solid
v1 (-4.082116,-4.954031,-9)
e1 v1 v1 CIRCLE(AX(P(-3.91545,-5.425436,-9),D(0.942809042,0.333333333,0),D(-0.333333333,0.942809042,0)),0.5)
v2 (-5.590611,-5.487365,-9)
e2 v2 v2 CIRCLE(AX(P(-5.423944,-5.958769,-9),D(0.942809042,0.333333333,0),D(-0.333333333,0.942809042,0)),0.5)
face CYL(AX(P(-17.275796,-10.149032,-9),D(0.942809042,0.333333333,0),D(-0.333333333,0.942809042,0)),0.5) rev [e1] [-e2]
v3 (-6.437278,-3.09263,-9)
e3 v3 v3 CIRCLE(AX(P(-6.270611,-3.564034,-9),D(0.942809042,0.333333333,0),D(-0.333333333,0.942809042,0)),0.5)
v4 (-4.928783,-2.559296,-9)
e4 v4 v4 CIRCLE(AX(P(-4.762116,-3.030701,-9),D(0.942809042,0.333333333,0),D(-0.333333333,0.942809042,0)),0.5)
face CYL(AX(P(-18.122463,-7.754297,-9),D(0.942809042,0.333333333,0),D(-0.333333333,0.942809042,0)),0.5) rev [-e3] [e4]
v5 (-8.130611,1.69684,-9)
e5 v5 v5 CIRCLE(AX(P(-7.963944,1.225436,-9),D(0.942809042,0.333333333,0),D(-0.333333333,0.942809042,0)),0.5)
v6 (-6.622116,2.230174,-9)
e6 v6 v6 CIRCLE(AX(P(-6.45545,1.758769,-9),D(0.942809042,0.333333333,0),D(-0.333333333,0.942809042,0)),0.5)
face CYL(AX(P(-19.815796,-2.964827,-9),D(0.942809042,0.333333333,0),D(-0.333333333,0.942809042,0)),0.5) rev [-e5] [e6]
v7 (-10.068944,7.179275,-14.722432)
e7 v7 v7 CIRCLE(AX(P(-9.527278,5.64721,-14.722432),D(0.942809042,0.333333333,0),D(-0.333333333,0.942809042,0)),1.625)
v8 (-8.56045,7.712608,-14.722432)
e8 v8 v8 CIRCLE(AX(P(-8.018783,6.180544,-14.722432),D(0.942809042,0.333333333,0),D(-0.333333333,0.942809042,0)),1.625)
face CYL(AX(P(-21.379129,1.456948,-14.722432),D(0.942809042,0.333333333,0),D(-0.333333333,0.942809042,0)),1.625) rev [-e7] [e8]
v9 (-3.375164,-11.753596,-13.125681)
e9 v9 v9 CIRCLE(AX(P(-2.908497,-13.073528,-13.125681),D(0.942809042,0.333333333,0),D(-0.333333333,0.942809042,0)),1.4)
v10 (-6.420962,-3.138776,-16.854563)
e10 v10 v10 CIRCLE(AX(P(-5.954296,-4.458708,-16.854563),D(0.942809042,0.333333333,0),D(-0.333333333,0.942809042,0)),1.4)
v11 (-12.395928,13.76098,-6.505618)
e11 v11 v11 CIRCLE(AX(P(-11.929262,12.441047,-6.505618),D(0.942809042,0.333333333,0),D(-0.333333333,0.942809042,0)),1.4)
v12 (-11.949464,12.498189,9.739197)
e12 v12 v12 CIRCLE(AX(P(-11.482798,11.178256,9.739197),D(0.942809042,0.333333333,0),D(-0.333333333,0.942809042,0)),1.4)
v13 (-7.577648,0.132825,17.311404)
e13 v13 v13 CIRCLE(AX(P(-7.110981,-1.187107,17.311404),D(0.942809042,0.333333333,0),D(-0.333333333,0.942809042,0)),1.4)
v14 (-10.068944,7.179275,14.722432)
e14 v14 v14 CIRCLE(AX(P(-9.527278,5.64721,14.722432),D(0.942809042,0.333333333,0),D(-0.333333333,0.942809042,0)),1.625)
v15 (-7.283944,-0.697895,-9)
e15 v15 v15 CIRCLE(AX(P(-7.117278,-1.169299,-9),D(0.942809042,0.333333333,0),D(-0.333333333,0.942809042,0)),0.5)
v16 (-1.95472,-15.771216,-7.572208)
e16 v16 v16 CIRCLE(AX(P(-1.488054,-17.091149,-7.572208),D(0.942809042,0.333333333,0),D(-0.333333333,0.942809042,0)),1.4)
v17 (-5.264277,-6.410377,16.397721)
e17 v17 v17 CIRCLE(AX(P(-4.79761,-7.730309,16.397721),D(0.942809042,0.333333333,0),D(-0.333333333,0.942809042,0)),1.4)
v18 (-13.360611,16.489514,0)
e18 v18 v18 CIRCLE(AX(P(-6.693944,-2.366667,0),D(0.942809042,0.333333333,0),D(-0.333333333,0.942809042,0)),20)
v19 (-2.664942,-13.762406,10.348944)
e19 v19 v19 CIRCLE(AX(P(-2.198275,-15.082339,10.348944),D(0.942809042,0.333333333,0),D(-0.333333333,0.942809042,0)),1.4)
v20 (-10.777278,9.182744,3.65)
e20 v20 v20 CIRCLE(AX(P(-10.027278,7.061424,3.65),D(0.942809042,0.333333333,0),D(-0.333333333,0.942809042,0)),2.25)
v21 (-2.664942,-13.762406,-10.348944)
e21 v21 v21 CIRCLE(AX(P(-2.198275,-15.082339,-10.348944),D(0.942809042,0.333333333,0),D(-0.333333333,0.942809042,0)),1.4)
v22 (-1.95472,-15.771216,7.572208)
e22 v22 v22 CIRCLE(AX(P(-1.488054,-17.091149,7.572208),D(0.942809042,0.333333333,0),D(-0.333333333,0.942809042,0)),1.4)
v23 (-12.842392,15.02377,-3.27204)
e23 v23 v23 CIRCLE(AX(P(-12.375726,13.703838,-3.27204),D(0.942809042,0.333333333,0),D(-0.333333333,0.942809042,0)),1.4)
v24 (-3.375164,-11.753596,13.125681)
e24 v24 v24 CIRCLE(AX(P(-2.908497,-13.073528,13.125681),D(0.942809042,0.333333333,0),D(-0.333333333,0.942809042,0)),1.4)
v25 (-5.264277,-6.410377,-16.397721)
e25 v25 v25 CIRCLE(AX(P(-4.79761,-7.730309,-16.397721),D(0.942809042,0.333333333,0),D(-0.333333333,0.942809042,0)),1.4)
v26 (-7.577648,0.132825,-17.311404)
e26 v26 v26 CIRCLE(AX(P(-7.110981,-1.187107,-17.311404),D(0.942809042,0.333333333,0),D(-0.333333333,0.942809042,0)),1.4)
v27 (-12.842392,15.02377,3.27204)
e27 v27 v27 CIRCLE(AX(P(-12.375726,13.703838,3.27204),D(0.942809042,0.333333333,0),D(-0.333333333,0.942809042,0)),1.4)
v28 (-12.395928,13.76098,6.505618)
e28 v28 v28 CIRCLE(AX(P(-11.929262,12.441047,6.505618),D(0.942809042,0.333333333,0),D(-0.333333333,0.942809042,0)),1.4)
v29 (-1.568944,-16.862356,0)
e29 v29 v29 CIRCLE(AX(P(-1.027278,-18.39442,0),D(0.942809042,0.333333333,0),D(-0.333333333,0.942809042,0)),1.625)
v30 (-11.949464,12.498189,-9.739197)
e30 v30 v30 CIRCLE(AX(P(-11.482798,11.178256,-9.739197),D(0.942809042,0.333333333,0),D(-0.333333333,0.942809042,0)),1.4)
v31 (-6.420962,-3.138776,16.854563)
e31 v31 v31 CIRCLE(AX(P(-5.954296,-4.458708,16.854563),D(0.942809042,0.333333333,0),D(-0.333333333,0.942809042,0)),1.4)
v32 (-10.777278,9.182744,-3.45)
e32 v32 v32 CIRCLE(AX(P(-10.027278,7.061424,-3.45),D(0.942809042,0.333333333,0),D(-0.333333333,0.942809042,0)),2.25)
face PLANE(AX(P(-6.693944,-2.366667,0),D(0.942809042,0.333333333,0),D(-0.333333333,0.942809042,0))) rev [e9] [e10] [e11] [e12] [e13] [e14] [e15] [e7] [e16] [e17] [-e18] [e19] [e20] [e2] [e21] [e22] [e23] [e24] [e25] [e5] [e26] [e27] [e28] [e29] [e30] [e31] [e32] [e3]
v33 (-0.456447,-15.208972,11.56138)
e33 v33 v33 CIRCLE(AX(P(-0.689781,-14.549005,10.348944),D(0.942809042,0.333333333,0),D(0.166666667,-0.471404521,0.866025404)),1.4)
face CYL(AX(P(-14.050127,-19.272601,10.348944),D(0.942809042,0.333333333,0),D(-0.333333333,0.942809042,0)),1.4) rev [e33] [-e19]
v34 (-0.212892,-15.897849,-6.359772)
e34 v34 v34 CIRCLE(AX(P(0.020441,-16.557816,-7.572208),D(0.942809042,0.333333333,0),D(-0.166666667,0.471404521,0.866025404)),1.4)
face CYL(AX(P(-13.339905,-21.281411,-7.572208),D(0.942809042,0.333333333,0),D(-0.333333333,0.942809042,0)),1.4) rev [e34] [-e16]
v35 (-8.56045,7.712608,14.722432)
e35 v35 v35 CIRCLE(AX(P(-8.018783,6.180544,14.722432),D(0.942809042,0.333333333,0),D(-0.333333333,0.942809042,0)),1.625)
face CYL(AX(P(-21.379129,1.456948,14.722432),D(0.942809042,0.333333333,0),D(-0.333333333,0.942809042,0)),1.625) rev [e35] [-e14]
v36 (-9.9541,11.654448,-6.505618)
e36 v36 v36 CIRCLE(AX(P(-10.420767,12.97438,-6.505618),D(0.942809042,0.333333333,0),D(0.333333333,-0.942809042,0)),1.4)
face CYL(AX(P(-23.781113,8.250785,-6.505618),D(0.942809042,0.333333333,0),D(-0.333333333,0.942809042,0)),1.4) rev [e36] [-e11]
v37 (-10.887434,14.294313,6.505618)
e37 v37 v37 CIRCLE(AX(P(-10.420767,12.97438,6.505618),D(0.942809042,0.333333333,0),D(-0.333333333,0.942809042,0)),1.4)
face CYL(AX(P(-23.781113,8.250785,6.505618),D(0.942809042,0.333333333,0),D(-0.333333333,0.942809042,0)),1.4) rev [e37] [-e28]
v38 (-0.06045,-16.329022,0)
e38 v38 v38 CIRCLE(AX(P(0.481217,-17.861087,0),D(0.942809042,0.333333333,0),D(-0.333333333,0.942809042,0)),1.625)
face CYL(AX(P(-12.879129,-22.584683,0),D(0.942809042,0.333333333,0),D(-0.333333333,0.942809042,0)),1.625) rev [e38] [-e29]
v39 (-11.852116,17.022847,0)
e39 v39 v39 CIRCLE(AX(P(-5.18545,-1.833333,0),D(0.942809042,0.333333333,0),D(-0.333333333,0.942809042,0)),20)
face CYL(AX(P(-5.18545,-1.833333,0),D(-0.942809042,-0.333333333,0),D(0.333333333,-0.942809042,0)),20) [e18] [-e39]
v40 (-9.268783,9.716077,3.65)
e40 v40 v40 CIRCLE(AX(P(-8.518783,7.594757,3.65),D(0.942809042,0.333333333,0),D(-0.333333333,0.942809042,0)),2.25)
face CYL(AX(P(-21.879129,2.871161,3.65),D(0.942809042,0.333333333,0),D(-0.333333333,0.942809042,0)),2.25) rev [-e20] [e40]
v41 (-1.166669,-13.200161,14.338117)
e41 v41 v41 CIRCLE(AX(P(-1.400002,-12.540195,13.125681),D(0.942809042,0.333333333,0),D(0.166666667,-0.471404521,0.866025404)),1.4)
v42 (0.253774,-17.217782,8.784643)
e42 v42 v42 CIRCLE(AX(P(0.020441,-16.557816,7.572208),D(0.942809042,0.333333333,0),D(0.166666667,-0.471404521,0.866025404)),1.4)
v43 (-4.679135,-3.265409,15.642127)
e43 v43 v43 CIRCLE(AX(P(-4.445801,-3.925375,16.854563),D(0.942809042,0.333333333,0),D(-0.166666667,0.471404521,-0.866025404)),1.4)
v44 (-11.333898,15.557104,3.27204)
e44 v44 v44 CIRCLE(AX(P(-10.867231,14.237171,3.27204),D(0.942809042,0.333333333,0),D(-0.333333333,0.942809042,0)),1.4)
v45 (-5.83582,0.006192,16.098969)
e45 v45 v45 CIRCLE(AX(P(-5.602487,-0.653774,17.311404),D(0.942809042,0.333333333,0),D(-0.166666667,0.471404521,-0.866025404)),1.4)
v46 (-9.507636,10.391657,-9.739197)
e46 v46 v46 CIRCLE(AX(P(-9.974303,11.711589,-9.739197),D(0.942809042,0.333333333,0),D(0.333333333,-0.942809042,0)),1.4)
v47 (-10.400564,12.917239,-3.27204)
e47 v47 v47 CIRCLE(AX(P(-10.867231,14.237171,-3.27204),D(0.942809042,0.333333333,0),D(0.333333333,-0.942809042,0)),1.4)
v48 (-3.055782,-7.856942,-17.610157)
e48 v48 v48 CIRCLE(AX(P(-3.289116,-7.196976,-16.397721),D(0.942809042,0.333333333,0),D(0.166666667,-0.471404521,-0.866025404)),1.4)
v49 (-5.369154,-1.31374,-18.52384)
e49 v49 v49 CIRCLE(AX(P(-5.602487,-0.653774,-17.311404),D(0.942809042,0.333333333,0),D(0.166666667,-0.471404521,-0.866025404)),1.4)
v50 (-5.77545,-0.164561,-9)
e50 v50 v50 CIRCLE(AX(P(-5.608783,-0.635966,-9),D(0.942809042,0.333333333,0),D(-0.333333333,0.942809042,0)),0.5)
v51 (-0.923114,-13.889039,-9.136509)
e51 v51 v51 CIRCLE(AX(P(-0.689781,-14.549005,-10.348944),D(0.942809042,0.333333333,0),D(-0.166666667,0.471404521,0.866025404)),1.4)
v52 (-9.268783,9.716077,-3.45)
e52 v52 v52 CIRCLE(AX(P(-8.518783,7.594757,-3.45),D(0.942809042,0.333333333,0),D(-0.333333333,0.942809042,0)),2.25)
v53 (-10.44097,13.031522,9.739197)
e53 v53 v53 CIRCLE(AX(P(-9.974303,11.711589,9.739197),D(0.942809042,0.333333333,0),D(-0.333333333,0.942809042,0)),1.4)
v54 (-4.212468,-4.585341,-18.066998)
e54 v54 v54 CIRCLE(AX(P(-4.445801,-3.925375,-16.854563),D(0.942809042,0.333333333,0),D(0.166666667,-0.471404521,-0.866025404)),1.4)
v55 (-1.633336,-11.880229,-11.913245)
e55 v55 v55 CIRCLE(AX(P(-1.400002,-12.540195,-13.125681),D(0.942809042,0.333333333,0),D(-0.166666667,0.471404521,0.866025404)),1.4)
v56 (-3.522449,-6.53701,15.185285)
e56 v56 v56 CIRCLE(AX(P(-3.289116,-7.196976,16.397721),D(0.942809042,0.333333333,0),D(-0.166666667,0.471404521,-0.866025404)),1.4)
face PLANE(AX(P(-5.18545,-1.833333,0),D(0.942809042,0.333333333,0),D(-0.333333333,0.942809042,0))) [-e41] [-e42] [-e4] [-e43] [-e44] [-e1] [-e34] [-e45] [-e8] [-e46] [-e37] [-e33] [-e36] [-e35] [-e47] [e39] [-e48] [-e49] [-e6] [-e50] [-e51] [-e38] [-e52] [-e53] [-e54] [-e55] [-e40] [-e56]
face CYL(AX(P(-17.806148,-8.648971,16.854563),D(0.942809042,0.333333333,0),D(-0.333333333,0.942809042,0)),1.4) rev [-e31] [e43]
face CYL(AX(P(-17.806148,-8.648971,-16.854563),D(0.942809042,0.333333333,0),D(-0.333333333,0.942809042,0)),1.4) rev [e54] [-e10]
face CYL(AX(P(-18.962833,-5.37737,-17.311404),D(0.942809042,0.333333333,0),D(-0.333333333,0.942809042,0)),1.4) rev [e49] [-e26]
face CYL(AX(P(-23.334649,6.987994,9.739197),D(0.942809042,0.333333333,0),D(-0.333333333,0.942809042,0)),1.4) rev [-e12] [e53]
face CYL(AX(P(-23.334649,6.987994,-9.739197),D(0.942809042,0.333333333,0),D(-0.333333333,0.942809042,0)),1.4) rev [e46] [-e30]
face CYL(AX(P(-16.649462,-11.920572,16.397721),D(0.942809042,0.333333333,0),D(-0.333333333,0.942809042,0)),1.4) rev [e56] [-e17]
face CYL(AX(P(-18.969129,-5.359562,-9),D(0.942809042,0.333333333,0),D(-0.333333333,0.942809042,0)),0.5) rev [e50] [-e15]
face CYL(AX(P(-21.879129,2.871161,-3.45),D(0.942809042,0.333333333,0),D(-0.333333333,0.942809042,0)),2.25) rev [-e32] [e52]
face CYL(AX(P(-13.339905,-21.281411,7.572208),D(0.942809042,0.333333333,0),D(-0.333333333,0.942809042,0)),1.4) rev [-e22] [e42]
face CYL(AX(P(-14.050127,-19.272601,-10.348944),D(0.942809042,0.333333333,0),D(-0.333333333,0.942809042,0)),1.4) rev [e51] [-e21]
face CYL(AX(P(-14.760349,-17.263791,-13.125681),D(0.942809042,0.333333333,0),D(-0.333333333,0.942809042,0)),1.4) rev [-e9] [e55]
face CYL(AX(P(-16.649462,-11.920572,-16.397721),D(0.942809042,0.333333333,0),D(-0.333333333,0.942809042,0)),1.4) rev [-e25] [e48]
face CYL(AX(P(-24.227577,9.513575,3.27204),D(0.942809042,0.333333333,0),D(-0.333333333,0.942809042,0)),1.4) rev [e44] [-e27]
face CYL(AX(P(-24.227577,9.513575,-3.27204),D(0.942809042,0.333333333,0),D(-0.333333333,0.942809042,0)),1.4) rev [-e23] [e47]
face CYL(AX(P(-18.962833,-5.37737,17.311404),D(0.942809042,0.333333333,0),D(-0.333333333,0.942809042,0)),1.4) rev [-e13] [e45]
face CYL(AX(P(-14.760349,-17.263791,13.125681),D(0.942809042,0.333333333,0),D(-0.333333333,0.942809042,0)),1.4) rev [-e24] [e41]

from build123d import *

# Parameters (mm, degrees)
SKETCH1_R           = 20
BOSS_EXTRUDE1_DEPTH = 1.6
SKETCH2_R           = 1.625
CUT_EXTRUDE1_DEPTH  = 30.030785713
SKETCH3_R           = 1.4
CUT_EXTRUDE2_DEPTH  = 30.030785713
CIRPATTERN1_COUNT   = 3
SKETCH4_R           = 0.5
CUT_EXTRUDE3_DEPTH  = 30.030785713
SKETCH5_R           = 2.25
CUT_EXTRUDE4_DEPTH  = 30.030785713


with BuildPart() as part:
    # Sketch1 → Boss-Extrude1 (new body)
    with BuildSketch(Plane(origin=(-6.693944195, -2.366666667, 0), x_dir=(0, 0, -1), z_dir=(0.9428090415820737, 0.3333333333333042, 1.703606547556464e-15))):
        with Locations(Location((0, 0, 0), (0, 0, 90))):
            Circle(SKETCH1_R)
    extrude(amount=BOSS_EXTRUDE1_DEPTH)

    # Sketch2 → Cut-Extrude1 (cut, through all)
    with BuildSketch(Plane(origin=(-5.185449729, -1.833333333, 0), x_dir=(0, 0, -1), z_dir=(0.9428090415820737, 0.3333333333333043, 1.703606547556464e-15))):
        with Locations(Location((0, -17, 0), (0, 0, 90))):
            Circle(SKETCH2_R)
        with Locations(Location((-14.722431864, 8.5, 0), (0, 0, 90))):
            Circle(SKETCH2_R)
        with Locations(Location((14.722431864, 8.5, 0), (0, 0, 90))):
            Circle(SKETCH2_R)
    extrude(amount=-CUT_EXTRUDE1_DEPTH, mode=Mode.SUBTRACT)

    # Sketch3 → Cut-Extrude2 (cut, through all)
    with BuildSketch(Plane(origin=(-5.185449729, -1.833333333, 0), x_dir=(0, 0, -1), z_dir=(0.9428090415820736, 0.3333333333333042, 1.7036065475564638e-15))):
        with Locations(Location((-9.739196714, 14.366560039, 0), (0, 0, 90))):
            Circle(SKETCH3_R)
        with Locations(Location((-3.272039986, 17.045344066, 0), (0, 0, 90))):
            Circle(SKETCH3_R)
        with Locations(Location((-6.50561835, 15.705952053, 0), (0, 0, 90))):
            Circle(SKETCH3_R)
        with Locations(Location((9.739196714, 14.366560039, 0), (0, 0, 90))):
            Circle(SKETCH3_R)
        with Locations(Location((6.50561835, 15.705952053, 0), (0, 0, 90))):
            Circle(SKETCH3_R)
        with Locations(Location((3.272039986, 17.045344066, 0), (0, 0, 90))):
            Circle(SKETCH3_R)
    cut_extrude2 = extrude(amount=-CUT_EXTRUDE2_DEPTH, mode=Mode.SUBTRACT)

    # CirPattern1: Cut-Extrude2 ×3 about axis
    cirpattern1_axis = Axis((0, 0, 0), (0.9428090415820737, 0.3333333333333042, 1.703606547556464e-15))
    for i in range(1, CIRPATTERN1_COUNT):
        add(cut_extrude2.rotate(cirpattern1_axis, i * 360 / CIRPATTERN1_COUNT), mode=Mode.SUBTRACT)

    # Sketch4 → Cut-Extrude3 (cut, through all)
    with BuildSketch(Plane(origin=(-5.185449729, -1.833333333, 0), x_dir=(0, 0, -1), z_dir=(0.9428090415820736, 0.3333333333333042, 1.7036065475564638e-15))):
        with Locations(Location((9, 3.81, 0), (0, 0, 90))):
            Circle(SKETCH4_R)
        with Locations(Location((9, 1.27, 0), (0, 0, 90))):
            Circle(SKETCH4_R)
        with Locations(Location((9, -1.27, 0), (0, 0, 90))):
            Circle(SKETCH4_R)
        with Locations(Location((9, -3.81, 0), (0, 0, 90))):
            Circle(SKETCH4_R)
    extrude(amount=-CUT_EXTRUDE3_DEPTH, mode=Mode.SUBTRACT)

    # Sketch5 → Cut-Extrude4 (cut, through all)
    with BuildSketch(Plane(origin=(-5.185449729, -1.833333333, 0), x_dir=(0, 0, -1), z_dir=(0.9428090415820737, 0.3333333333333043, 1.703606547556464e-15))):
        with Locations(Location((-3.65, 10, 0), (0, 0, 90))):
            Circle(SKETCH5_R)
        with Locations(Location((3.45, 10, 0), (0, 0, 90))):
            Circle(SKETCH5_R)
    extrude(amount=-CUT_EXTRUDE4_DEPTH, mode=Mode.SUBTRACT)


solid = part.part
